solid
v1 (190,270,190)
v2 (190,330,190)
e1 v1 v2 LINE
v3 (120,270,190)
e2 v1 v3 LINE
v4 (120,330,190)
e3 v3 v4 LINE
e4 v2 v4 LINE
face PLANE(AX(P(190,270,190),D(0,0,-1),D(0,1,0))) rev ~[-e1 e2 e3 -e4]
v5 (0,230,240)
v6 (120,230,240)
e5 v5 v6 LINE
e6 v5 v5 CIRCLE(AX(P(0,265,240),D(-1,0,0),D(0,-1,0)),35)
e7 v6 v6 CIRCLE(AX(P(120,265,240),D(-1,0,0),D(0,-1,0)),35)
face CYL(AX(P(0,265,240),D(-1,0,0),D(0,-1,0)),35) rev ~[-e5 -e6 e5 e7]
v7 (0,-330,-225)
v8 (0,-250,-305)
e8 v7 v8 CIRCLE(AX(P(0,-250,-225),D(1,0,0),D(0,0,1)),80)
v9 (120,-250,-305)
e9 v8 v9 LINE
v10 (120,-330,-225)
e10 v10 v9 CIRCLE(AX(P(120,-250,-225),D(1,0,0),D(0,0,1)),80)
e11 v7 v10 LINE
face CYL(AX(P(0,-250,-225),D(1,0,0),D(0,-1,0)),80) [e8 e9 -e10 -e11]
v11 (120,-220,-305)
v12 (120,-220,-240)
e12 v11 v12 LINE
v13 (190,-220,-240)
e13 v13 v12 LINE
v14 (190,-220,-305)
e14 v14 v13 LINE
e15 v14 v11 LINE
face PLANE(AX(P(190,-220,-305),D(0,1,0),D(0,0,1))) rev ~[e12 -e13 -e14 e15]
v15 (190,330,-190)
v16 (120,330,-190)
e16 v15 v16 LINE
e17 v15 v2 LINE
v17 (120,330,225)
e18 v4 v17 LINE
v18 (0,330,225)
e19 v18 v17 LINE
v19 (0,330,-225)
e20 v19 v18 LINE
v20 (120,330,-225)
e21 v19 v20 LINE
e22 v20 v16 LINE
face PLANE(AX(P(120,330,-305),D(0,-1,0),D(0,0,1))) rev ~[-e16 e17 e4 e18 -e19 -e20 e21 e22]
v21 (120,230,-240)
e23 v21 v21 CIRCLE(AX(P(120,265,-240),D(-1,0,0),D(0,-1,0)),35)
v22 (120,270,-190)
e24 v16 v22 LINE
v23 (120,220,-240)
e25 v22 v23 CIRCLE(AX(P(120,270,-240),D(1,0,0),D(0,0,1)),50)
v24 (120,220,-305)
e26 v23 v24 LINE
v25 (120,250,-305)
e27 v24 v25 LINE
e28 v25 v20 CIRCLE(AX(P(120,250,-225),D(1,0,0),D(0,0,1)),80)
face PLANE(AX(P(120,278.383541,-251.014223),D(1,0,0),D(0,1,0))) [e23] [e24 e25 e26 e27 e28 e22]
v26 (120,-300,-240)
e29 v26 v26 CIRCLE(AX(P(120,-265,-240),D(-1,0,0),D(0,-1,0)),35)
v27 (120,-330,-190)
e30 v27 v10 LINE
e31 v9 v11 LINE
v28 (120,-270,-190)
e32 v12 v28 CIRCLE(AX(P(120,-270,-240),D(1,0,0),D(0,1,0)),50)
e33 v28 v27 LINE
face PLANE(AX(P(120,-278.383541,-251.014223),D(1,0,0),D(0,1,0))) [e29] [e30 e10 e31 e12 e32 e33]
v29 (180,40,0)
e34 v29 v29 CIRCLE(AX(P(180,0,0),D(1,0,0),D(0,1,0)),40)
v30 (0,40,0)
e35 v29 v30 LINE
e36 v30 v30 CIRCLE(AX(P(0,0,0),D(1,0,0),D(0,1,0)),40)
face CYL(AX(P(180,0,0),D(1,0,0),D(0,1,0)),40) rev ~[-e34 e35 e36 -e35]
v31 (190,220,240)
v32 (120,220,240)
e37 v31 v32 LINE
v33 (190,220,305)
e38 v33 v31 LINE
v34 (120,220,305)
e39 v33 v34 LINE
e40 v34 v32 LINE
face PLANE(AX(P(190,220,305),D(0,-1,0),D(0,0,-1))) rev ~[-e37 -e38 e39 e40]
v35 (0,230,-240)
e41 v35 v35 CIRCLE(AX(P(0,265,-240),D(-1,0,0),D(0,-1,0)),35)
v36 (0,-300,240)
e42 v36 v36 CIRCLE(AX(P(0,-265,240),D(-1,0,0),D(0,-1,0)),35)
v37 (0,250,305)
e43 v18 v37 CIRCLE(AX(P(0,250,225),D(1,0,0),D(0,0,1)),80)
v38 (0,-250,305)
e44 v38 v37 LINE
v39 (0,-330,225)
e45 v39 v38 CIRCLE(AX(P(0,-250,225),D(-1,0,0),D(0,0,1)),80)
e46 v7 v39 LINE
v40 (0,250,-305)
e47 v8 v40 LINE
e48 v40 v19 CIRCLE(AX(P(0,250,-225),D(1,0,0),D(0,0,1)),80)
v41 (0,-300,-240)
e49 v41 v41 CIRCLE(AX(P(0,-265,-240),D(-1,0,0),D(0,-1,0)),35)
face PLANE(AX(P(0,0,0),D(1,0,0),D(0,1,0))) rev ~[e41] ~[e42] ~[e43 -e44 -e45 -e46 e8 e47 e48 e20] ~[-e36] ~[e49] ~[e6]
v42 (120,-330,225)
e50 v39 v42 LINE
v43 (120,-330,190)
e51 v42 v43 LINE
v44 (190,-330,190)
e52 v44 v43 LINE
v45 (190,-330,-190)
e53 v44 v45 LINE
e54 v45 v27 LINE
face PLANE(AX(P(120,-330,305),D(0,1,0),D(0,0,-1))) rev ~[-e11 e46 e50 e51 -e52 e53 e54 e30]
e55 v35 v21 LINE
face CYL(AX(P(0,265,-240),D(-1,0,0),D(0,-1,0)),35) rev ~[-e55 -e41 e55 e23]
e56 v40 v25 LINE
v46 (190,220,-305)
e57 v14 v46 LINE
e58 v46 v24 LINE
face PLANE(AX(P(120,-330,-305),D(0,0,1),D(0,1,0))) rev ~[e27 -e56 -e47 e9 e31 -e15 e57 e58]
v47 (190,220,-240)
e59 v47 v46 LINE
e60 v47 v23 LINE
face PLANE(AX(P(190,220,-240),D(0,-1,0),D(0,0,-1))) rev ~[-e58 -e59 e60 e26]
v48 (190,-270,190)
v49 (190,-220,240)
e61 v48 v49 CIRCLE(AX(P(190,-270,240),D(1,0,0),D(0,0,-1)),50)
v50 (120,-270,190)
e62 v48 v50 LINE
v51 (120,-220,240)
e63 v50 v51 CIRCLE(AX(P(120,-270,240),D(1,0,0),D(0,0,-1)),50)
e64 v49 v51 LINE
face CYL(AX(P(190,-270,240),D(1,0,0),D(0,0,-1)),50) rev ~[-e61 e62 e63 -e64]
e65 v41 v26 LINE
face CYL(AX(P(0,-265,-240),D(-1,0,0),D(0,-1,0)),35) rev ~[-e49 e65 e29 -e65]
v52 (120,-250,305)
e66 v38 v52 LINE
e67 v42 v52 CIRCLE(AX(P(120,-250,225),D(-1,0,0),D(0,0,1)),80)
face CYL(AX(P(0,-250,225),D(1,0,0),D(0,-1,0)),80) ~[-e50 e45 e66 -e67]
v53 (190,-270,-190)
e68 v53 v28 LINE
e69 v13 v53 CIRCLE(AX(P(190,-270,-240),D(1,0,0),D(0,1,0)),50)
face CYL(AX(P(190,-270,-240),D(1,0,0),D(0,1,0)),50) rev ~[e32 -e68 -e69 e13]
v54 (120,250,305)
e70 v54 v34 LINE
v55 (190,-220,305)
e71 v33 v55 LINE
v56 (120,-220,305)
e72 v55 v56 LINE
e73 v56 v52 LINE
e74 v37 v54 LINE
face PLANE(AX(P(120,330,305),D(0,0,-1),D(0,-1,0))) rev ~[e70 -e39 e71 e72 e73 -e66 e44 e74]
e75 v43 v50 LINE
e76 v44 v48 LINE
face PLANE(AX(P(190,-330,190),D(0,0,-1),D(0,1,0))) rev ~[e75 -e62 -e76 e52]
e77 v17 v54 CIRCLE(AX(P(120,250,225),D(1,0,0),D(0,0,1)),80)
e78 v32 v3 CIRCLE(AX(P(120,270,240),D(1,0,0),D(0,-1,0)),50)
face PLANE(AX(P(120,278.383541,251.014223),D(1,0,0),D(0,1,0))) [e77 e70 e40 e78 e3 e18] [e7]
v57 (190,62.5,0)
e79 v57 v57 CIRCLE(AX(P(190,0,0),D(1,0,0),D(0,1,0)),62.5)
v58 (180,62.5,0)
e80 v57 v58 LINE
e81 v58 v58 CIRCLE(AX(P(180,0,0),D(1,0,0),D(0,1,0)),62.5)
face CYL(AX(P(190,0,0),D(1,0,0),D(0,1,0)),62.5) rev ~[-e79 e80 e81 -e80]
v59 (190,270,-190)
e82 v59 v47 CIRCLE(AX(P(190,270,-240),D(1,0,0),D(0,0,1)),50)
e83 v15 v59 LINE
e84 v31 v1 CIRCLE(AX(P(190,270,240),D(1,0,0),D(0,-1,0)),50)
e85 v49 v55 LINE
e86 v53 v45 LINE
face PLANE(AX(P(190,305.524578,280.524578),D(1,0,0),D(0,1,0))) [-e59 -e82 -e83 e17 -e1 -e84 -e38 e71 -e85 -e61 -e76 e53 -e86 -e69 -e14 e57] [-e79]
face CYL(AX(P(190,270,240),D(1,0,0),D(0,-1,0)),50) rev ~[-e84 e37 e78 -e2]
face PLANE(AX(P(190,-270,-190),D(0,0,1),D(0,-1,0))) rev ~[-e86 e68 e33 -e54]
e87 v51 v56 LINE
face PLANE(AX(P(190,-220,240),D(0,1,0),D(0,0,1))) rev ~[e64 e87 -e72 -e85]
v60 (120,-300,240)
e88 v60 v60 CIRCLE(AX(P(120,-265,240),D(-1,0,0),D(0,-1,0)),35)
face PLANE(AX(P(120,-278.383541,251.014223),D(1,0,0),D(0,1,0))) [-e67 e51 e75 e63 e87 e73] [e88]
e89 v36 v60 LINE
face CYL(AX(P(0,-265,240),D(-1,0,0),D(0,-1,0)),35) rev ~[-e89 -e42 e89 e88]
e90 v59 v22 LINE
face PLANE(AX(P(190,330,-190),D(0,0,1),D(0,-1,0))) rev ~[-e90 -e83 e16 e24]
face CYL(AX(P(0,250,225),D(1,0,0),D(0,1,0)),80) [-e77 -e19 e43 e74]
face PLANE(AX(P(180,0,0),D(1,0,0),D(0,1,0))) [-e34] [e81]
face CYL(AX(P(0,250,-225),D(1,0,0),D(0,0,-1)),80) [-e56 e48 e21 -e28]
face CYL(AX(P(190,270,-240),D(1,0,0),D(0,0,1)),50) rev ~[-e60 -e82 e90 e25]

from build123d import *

# Parameters (mm, degrees)
F0_W      = 660
F0_H      = 610
F1_DEPTH  = 120
F2_R      = 80
F4_DEPTH  = 70
F6_DEPTH  = 70
F7_DEPTH  = 70
F8_R      = 62.5
F9_DEPTH  = 10
F10_R     = 40
F11_DEPTH = 180.001
F12_R     = 35
F13_DEPTH = 190.001


with BuildPart() as f1:
    # F0 (on Right) → F1 (new body)
    with BuildSketch(Plane.YZ):
        Rectangle(F0_W, F0_H)
    extrude(amount=F1_DEPTH)

    # F2
    f2_edges = [f1.edges().sort_by_distance(p)[0] for p in [
        (60, 330, 305),
        (60, -330, 305),
        (60, 330, -305),
        (60, -330, -305),
    ]]
    fillet(f2_edges, radius=F2_R)

    # F3 (on face) → F4 (join)
    with BuildSketch(Plane.YZ.offset(120)):
        with BuildLine():
            ThreePointArc((250, 305), (306.5685424949, 281.5685424949), (330, 225))
            Line((330, 225), (330, 305))
            Line((330, 305), (250, 305))
        make_face()
        with BuildLine():
            Line((-330, 305), (-330, 225))
            ThreePointArc((-330, 225), (-306.5685424949, 281.5685424949), (-250, 305))
            Line((-250, 305), (-330, 305))
        make_face()
        with BuildLine():
            Line((-250, -305), (250, -305))
            ThreePointArc((250, -305), (306.5685424949, -281.5685424949), (330, -225))
            Line((330, -225), (330, 225))
            ThreePointArc((330, 225), (306.5685424949, 281.5685424949), (250, 305))
            Line((250, 305), (-250, 305))
            ThreePointArc((-250, 305), (-306.5685424949, 281.5685424949), (-330, 225))
            Line((-330, 225), (-330, -225))
            ThreePointArc((-330, -225), (-306.5685424949, -281.5685424949), (-250, -305))
        make_face()
        with BuildLine():
            Line((250, -305), (330, -305))
            Line((330, -305), (330, -225))
            ThreePointArc((330, -225), (306.5685424949, -281.5685424949), (250, -305))
        make_face()
        with BuildLine():
            Line((-330, -305), (-250, -305))
            ThreePointArc((-250, -305), (-306.5685424949, -281.5685424949), (-330, -225))
            Line((-330, -225), (-330, -305))
        make_face()
    extrude(amount=F4_DEPTH)

    # F5 (on face) → F6 (cut)
    with BuildSketch(Plane.YZ.offset(190)):
        with BuildLine():
            ThreePointArc((-270, 190), (-234.6446609407, 204.6446609407), (-220, 240))
            Line((-220, 240), (-220, 305))
            Line((-220, 305), (-330, 305))
            Line((-330, 305), (-330, 190))
            Line((-330, 190), (-270, 190))
        make_face()
    extrude(amount=-F6_DEPTH, mode=Mode.SUBTRACT)

    # F5 (on face) → F7 (cut)
    with BuildSketch(Plane.YZ.offset(190)):
        with BuildLine():
            Line((330, 305), (220, 305))
            Line((220, 305), (220, 240))
            ThreePointArc((220, 240), (234.6446609407, 204.6446609407), (270, 190))
            Line((270, 190), (330, 190))
            Line((330, 190), (330, 305))
        make_face()
        with BuildLine():
            Line((220, -240), (220, -305))
            Line((220, -305), (330, -305))
            Line((330, -305), (330, -190))
            Line((330, -190), (270, -190))
            ThreePointArc((270, -190), (234.6446609407, -204.6446609407), (220, -240))
        make_face()
        with BuildLine():
            Line((-270, -190), (-330, -190))
            Line((-330, -190), (-330, -305))
            Line((-330, -305), (-220, -305))
            Line((-220, -305), (-220, -240))
            ThreePointArc((-220, -240), (-234.6446609407, -204.6446609407), (-270, -190))
        make_face()
    extrude(amount=-F7_DEPTH, mode=Mode.SUBTRACT)

    # F8 (on face) → F9 (cut)
    with BuildSketch(Plane.YZ.offset(190)):
        Circle(F8_R)
    extrude(amount=-F9_DEPTH, mode=Mode.SUBTRACT)

    # F10 (on face) → F11 (cut, through all)
    with BuildSketch(Plane.YZ.offset(180)):
        Circle(F10_R)
    extrude(amount=-F11_DEPTH, mode=Mode.SUBTRACT)

    # F12 (on face) → F13 (cut, through all)
    with BuildSketch(Plane(origin=(0, 0, 0), x_dir=(0, -1, 0), z_dir=(-1, 0, 0))):
        with Locations((-265, 240)):
            Circle(F12_R)
        with Locations((265, 240)):
            Circle(F12_R)
        with Locations((265, -240)):
            Circle(F12_R)
        with Locations((-265, -240)):
            Circle(F12_R)
    extrude(amount=-F13_DEPTH, mode=Mode.SUBTRACT)


solid = f1.part
